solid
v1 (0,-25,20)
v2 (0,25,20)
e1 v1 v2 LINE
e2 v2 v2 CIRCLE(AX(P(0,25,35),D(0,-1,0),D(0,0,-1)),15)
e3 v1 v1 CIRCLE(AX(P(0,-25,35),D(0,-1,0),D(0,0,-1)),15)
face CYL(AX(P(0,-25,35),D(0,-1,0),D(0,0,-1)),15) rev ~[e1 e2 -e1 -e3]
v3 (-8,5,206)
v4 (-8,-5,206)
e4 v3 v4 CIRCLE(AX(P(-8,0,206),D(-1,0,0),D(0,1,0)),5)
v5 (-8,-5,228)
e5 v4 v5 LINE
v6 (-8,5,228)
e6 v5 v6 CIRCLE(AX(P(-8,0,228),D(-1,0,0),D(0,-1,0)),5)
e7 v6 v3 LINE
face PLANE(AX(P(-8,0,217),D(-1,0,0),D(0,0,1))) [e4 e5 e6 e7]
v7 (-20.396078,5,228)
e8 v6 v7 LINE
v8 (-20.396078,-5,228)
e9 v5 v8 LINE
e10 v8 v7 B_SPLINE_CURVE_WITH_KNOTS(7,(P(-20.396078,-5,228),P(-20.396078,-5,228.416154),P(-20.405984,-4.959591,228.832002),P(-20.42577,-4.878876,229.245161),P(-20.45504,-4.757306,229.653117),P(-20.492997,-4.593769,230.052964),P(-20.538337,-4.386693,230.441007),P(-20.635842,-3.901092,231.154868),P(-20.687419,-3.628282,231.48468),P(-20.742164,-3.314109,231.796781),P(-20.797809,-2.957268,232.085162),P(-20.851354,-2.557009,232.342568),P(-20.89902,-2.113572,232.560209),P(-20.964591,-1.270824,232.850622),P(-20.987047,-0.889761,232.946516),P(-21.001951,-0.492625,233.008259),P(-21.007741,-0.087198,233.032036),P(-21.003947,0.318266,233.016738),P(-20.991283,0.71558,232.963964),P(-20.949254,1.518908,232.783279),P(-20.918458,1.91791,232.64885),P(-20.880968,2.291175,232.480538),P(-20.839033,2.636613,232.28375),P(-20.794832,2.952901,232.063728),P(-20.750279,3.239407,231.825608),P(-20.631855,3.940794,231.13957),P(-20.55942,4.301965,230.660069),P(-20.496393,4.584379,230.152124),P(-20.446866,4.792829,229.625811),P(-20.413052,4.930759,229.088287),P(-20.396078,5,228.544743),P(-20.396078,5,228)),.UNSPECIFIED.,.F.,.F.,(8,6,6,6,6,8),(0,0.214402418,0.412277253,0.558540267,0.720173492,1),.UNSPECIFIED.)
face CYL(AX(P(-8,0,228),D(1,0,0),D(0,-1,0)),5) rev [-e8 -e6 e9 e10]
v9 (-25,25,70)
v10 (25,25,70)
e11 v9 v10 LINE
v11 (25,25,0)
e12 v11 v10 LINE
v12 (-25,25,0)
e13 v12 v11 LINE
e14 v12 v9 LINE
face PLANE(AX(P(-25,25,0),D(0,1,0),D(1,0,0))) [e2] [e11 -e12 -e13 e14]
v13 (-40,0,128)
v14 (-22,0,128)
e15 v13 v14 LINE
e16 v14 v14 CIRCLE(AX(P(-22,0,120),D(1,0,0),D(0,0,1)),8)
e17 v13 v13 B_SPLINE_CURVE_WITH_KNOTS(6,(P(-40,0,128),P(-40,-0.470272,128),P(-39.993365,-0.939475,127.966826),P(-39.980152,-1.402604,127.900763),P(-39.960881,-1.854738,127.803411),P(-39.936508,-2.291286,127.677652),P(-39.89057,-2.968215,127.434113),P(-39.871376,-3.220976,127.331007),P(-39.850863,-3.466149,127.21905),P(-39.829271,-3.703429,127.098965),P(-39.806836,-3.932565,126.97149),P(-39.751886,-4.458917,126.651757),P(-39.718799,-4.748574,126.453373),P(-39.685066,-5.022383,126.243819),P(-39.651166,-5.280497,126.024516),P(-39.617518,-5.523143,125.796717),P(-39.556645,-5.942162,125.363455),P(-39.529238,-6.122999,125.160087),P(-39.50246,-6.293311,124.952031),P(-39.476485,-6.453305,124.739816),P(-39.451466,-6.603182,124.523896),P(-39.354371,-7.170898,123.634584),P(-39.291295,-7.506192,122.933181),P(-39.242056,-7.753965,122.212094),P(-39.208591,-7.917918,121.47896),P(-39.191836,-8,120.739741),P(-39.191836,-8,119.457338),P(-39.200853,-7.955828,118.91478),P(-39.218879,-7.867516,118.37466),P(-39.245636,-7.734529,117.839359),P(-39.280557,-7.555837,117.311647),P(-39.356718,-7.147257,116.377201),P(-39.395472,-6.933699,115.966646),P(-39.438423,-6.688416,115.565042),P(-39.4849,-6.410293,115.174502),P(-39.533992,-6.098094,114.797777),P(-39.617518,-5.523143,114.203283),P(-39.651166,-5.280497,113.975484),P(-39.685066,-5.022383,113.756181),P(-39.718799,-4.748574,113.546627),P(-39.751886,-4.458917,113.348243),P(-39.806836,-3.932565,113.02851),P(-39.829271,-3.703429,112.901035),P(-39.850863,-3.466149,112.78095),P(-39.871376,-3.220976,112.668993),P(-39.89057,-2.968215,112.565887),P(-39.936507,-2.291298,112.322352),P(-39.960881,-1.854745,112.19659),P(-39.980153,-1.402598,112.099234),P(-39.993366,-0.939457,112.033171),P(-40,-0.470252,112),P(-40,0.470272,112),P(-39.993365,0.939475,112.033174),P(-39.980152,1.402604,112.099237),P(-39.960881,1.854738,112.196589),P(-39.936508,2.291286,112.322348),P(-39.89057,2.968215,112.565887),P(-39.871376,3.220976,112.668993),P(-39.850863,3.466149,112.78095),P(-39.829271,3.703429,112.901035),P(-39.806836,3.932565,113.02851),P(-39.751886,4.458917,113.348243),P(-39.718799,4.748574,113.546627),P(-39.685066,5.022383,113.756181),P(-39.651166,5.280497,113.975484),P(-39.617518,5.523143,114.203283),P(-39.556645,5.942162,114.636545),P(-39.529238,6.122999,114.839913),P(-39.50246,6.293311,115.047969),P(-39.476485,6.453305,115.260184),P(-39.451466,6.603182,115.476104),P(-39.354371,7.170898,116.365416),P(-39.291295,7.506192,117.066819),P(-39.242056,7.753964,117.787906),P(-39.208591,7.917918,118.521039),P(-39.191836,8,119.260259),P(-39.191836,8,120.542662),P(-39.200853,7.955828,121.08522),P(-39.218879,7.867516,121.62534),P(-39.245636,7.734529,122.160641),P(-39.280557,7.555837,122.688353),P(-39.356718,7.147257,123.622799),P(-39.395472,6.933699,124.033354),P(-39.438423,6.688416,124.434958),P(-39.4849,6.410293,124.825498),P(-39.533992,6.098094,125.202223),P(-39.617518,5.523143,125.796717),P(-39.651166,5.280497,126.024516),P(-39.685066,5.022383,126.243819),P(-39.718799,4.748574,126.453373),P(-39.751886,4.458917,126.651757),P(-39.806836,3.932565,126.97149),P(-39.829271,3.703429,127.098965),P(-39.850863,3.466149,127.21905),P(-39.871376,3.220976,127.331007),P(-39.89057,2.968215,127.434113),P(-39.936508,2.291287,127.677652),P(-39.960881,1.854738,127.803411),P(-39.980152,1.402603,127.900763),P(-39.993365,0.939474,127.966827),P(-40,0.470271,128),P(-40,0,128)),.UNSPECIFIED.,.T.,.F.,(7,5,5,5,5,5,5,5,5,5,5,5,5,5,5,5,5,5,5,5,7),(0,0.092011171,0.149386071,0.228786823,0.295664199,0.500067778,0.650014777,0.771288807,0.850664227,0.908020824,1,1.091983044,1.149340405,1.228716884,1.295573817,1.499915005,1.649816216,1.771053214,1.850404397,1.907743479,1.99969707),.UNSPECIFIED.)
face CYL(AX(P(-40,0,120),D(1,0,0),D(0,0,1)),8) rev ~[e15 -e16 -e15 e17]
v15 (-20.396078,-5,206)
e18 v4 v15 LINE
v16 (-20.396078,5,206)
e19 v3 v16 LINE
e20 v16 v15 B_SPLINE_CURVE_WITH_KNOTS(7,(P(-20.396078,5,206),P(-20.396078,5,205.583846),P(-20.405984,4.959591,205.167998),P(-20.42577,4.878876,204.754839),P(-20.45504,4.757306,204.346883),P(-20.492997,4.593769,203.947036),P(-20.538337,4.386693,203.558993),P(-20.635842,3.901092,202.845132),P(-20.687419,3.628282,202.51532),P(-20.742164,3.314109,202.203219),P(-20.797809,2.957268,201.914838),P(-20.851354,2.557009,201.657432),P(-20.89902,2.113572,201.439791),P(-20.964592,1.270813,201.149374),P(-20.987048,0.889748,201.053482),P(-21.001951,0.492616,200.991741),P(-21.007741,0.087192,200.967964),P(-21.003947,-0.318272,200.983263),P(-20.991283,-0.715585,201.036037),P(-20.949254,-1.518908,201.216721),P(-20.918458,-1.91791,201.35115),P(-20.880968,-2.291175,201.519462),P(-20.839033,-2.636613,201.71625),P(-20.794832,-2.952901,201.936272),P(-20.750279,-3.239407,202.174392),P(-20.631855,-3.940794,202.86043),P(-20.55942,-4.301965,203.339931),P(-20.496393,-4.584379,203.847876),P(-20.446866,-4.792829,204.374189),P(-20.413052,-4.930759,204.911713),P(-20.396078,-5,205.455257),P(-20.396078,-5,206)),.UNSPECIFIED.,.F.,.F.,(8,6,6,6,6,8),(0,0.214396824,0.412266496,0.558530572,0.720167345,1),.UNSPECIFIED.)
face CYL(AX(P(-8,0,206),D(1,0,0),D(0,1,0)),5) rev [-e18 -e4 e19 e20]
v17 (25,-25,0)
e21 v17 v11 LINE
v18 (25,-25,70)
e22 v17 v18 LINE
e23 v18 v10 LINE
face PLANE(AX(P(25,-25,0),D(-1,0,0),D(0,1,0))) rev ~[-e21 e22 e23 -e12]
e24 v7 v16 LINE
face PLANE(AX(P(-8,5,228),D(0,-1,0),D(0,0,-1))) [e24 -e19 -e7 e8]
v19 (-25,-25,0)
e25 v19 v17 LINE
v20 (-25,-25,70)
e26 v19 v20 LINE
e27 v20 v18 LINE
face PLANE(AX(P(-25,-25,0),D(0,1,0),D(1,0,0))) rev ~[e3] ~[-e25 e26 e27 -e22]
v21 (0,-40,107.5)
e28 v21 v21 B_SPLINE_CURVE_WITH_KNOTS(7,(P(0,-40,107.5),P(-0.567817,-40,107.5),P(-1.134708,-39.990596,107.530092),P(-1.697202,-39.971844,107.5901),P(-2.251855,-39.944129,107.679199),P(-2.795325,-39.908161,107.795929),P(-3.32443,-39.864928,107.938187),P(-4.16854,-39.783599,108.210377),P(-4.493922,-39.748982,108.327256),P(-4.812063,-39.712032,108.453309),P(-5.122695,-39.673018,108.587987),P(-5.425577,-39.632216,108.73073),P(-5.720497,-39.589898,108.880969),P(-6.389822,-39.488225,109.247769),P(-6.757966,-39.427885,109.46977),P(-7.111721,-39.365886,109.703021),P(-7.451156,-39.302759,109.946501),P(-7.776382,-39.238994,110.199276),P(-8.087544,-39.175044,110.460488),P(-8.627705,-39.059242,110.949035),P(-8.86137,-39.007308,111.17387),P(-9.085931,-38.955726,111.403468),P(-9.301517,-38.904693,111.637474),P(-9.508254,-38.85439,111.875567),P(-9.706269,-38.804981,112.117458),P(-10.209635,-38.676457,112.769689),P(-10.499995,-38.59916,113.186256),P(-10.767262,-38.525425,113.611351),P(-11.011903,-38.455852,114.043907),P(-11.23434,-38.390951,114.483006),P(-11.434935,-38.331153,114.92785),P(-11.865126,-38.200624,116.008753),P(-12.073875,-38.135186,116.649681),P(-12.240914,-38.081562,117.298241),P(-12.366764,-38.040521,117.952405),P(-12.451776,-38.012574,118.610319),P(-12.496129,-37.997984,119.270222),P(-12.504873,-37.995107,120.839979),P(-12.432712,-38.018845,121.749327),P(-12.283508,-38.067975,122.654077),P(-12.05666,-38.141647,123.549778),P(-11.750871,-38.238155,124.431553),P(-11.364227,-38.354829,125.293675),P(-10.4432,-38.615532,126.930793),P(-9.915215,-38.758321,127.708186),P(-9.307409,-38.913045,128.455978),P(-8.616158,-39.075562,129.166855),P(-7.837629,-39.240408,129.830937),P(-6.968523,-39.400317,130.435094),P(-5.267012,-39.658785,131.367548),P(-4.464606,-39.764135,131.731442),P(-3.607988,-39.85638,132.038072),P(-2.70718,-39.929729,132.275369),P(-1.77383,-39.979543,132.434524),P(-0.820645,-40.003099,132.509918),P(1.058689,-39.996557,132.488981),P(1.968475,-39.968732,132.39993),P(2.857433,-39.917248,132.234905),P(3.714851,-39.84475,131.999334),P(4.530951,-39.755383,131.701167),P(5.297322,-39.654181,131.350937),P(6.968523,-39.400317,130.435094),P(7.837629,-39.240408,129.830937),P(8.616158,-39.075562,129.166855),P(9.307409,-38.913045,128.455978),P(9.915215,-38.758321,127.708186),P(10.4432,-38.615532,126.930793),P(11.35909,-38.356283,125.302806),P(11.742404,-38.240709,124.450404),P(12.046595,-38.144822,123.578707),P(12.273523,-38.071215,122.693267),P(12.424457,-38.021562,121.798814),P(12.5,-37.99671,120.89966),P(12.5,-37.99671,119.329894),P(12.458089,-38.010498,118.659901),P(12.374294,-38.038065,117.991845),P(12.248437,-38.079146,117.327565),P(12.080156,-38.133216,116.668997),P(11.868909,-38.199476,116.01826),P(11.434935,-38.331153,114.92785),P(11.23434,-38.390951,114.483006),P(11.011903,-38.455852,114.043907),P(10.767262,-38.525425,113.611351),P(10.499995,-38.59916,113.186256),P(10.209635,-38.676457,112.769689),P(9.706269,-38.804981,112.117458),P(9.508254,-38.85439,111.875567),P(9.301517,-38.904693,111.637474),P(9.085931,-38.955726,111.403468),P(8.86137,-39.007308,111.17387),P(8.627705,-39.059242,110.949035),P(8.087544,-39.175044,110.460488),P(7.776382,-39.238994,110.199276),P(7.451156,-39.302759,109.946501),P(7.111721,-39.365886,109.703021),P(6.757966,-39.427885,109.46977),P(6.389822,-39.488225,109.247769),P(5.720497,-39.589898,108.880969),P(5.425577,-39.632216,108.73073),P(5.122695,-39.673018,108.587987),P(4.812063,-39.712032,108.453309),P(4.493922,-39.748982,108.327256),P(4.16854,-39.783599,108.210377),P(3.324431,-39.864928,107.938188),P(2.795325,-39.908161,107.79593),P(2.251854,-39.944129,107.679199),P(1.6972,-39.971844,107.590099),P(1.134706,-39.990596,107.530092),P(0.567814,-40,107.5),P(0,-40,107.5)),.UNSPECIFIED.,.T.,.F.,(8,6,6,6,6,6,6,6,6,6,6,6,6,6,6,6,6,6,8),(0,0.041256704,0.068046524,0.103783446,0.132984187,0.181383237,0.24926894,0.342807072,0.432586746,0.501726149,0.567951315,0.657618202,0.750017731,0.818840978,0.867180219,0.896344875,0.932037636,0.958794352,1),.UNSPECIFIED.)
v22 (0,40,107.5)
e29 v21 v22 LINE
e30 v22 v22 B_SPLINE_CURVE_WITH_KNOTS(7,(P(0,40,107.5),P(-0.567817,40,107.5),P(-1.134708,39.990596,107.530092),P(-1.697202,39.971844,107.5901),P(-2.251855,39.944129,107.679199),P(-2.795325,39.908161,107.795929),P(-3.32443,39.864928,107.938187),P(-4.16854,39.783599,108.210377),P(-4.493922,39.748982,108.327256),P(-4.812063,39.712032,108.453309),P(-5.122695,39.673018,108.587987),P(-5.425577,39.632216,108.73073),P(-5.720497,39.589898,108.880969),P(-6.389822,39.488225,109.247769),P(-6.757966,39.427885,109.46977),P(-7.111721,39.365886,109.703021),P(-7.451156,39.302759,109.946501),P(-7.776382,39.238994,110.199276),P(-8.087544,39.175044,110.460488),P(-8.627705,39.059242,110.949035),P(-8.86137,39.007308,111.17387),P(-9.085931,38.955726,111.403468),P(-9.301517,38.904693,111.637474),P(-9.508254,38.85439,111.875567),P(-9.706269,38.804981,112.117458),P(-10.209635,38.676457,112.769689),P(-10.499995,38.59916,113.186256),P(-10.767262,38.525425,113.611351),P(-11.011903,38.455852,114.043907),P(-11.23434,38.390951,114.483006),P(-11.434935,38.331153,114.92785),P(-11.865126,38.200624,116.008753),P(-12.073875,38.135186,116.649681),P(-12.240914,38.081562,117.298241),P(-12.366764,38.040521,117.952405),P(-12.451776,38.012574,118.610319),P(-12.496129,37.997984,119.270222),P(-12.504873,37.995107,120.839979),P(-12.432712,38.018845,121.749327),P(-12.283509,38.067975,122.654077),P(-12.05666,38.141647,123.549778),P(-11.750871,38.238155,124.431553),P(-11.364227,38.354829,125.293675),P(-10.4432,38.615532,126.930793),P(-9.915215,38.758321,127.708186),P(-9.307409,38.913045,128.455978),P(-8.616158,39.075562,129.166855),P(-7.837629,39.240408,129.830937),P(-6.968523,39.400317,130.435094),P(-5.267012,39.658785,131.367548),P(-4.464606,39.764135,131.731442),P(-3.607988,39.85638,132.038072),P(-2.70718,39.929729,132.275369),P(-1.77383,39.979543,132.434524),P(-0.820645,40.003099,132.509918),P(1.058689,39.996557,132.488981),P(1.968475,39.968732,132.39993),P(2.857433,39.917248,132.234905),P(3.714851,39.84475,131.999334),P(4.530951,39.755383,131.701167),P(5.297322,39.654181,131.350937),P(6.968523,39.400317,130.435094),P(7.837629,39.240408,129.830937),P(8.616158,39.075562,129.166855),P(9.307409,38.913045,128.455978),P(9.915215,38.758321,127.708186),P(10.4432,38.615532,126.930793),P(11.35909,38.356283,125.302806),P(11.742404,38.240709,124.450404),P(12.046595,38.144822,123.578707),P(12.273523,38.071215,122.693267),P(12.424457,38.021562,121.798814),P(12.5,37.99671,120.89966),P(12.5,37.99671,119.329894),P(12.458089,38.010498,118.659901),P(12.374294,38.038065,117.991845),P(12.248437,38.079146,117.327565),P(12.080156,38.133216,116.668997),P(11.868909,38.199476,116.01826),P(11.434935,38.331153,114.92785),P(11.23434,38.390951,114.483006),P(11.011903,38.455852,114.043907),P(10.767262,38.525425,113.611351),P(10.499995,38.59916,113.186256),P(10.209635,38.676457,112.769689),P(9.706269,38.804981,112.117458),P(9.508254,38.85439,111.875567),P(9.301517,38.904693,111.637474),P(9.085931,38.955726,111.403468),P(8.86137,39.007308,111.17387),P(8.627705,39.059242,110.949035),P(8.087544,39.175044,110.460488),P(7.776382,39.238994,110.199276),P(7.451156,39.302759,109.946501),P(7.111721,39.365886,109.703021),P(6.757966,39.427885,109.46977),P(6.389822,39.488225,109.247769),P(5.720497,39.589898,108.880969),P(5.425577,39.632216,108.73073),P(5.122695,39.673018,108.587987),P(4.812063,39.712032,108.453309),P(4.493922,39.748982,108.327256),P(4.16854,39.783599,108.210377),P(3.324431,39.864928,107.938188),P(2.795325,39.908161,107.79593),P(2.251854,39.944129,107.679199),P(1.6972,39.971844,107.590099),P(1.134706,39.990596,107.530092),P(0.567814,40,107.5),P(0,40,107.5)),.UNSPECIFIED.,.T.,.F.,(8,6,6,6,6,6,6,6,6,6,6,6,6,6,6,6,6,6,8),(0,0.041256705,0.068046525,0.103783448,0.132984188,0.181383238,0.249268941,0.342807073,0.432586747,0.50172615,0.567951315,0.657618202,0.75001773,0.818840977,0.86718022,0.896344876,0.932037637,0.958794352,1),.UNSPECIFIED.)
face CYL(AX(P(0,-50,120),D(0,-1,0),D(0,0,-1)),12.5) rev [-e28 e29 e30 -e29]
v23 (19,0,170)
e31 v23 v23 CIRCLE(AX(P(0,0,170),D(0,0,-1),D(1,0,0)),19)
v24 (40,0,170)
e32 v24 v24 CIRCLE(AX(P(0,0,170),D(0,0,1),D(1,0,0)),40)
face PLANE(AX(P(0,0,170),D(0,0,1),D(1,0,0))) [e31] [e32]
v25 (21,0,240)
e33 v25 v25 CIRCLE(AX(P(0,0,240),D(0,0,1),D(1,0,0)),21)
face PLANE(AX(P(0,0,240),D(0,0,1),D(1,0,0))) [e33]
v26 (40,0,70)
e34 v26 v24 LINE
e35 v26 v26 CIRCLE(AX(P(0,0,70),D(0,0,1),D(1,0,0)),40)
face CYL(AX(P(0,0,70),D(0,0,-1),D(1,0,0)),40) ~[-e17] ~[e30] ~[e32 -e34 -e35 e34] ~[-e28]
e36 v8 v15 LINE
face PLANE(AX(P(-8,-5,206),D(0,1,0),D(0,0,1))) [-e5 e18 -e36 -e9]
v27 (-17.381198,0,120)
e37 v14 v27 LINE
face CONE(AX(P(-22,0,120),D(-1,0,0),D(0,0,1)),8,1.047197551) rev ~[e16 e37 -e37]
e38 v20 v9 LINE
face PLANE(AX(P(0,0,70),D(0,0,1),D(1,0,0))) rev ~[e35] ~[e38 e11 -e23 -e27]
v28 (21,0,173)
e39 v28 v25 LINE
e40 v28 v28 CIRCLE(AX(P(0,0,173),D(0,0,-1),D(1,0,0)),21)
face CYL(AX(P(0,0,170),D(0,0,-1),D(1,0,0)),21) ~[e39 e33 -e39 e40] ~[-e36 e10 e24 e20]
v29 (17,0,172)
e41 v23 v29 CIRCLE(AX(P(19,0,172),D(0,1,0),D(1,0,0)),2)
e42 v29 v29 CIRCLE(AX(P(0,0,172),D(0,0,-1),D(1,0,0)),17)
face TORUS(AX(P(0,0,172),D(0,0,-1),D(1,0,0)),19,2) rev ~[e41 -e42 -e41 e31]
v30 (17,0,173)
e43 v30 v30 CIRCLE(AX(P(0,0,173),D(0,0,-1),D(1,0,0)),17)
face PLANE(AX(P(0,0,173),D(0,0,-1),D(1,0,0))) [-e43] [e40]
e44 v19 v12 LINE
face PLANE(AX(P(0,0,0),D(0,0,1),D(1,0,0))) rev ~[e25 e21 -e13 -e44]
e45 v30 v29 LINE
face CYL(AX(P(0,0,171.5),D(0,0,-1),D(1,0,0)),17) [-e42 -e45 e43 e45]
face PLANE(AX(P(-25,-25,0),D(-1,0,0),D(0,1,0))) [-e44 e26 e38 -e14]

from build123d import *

# Parameters (mm, degrees)
SKETCH_1_W               = 50
SKETCH_1_H               = 50
EXTRUDE_1_DEPTH          = 70
SKETCH_2_R               = 40
EXTRUDE_2_DEPTH          = 100
SKETCH_3_R               = 21
EXTRUDE_3_DEPTH          = 70
SKETCH_5_R               = 15
CUT_EXTRUDE_1_DEPTH      = 252.843205189
CUT_EXTRUDE_2_DEPTH      = 50
CUT_EXTRUDE_2_DEPTH_BACK = 50
SKETCH_6_R               = 12.5
CUT_EXTRUDE_START        = -8
CUT_EXTRUDE_3_DEPTH      = 239.576560151
SKETCH_10_W              = 4
SKETCH_10_H              = 3
FILLET_1_R               = 2


with BuildPart() as part:
    # Эскиз1 → Бобышка-Вытянуть1 (new body)
    with BuildSketch(Plane.XY):
        Rectangle(SKETCH_1_W, SKETCH_1_H)
    extrude(amount=EXTRUDE_1_DEPTH)

    # Эскиз2 → Бобышка-Вытянуть2 (add)
    with BuildSketch(Plane.XY.offset(70)):
        Circle(SKETCH_2_R)
    extrude(amount=EXTRUDE_2_DEPTH)

    # Эскиз3 → Бобышка-Вытянуть3 (add)
    with BuildSketch(Plane.XY.offset(170)):
        Circle(SKETCH_3_R)
    extrude(amount=EXTRUDE_3_DEPTH)

    # Эскиз5 → Вырез-Вытянуть1 (cut, through all)
    with BuildSketch(Plane.XZ.offset(25)):
        with Locations((0, 35)):
            Circle(SKETCH_5_R)
    extrude(amount=-CUT_EXTRUDE_1_DEPTH, mode=Mode.SUBTRACT)

    # Эскиз6 → Вырез-Вытянуть2 (cut, two sides: drawn at the far end of the back side and taken through both)
    with BuildSketch(Plane(origin=(0, 0, 0), x_dir=(1, 0, 0), z_dir=(0, 1, 0)).offset(-CUT_EXTRUDE_2_DEPTH_BACK)):
        with Locations((0, -120)):
            Circle(SKETCH_6_R)
    extrude(amount=CUT_EXTRUDE_2_DEPTH + CUT_EXTRUDE_2_DEPTH_BACK, mode=Mode.SUBTRACT)

    # Эскиз7 → Вырез-Повернуть1 (revolve, cut)
    with BuildSketch(Plane(origin=(0, 0, 0), x_dir=(1, 0, 0), z_dir=(0, 1, 0))):
        Polygon((-40, -120), (-40, -112), (-22, -112), (-17.381197846, -120), align=None)
    revolve(axis=Axis((-40, 0, 120), (1, 0, 0)), mode=Mode.SUBTRACT)

    # Эскиз8 → Вырез-Вытянуть3 (cut, through all)
    with BuildSketch(Plane(origin=(0, 0, 0), x_dir=(0, 0, -1), z_dir=(1, 0, 0)).offset(CUT_EXTRUDE_START)):
        with BuildLine():
            Line((-228, 5), (-206, 5))
            ThreePointArc((-206, 5), (-201, 0), (-206, -5))
            Line((-206, -5), (-228, -5))
            ThreePointArc((-228, -5), (-233, 0), (-228, 5))
        make_face()
    extrude(amount=-CUT_EXTRUDE_3_DEPTH, mode=Mode.SUBTRACT)

    # Эскиз10 → Вырез-Повернуть2 (revolve, cut)
    with BuildSketch(Plane(origin=(0, 0, 0), x_dir=(1, 0, 0), z_dir=(0, 1, 0))):
        with Locations((-19, -171.5)):
            Rectangle(SKETCH_10_W, SKETCH_10_H)
    revolve(axis=Axis((0, 0, 240), (0, 0, -1)), mode=Mode.SUBTRACT)

    # Скругление1
    fillet_1_edges = [part.edges().sort_by_distance(p)[0] for p in [
        (17, 0, 170),
    ]]
    fillet(fillet_1_edges, radius=FILLET_1_R)


solid = part.part
